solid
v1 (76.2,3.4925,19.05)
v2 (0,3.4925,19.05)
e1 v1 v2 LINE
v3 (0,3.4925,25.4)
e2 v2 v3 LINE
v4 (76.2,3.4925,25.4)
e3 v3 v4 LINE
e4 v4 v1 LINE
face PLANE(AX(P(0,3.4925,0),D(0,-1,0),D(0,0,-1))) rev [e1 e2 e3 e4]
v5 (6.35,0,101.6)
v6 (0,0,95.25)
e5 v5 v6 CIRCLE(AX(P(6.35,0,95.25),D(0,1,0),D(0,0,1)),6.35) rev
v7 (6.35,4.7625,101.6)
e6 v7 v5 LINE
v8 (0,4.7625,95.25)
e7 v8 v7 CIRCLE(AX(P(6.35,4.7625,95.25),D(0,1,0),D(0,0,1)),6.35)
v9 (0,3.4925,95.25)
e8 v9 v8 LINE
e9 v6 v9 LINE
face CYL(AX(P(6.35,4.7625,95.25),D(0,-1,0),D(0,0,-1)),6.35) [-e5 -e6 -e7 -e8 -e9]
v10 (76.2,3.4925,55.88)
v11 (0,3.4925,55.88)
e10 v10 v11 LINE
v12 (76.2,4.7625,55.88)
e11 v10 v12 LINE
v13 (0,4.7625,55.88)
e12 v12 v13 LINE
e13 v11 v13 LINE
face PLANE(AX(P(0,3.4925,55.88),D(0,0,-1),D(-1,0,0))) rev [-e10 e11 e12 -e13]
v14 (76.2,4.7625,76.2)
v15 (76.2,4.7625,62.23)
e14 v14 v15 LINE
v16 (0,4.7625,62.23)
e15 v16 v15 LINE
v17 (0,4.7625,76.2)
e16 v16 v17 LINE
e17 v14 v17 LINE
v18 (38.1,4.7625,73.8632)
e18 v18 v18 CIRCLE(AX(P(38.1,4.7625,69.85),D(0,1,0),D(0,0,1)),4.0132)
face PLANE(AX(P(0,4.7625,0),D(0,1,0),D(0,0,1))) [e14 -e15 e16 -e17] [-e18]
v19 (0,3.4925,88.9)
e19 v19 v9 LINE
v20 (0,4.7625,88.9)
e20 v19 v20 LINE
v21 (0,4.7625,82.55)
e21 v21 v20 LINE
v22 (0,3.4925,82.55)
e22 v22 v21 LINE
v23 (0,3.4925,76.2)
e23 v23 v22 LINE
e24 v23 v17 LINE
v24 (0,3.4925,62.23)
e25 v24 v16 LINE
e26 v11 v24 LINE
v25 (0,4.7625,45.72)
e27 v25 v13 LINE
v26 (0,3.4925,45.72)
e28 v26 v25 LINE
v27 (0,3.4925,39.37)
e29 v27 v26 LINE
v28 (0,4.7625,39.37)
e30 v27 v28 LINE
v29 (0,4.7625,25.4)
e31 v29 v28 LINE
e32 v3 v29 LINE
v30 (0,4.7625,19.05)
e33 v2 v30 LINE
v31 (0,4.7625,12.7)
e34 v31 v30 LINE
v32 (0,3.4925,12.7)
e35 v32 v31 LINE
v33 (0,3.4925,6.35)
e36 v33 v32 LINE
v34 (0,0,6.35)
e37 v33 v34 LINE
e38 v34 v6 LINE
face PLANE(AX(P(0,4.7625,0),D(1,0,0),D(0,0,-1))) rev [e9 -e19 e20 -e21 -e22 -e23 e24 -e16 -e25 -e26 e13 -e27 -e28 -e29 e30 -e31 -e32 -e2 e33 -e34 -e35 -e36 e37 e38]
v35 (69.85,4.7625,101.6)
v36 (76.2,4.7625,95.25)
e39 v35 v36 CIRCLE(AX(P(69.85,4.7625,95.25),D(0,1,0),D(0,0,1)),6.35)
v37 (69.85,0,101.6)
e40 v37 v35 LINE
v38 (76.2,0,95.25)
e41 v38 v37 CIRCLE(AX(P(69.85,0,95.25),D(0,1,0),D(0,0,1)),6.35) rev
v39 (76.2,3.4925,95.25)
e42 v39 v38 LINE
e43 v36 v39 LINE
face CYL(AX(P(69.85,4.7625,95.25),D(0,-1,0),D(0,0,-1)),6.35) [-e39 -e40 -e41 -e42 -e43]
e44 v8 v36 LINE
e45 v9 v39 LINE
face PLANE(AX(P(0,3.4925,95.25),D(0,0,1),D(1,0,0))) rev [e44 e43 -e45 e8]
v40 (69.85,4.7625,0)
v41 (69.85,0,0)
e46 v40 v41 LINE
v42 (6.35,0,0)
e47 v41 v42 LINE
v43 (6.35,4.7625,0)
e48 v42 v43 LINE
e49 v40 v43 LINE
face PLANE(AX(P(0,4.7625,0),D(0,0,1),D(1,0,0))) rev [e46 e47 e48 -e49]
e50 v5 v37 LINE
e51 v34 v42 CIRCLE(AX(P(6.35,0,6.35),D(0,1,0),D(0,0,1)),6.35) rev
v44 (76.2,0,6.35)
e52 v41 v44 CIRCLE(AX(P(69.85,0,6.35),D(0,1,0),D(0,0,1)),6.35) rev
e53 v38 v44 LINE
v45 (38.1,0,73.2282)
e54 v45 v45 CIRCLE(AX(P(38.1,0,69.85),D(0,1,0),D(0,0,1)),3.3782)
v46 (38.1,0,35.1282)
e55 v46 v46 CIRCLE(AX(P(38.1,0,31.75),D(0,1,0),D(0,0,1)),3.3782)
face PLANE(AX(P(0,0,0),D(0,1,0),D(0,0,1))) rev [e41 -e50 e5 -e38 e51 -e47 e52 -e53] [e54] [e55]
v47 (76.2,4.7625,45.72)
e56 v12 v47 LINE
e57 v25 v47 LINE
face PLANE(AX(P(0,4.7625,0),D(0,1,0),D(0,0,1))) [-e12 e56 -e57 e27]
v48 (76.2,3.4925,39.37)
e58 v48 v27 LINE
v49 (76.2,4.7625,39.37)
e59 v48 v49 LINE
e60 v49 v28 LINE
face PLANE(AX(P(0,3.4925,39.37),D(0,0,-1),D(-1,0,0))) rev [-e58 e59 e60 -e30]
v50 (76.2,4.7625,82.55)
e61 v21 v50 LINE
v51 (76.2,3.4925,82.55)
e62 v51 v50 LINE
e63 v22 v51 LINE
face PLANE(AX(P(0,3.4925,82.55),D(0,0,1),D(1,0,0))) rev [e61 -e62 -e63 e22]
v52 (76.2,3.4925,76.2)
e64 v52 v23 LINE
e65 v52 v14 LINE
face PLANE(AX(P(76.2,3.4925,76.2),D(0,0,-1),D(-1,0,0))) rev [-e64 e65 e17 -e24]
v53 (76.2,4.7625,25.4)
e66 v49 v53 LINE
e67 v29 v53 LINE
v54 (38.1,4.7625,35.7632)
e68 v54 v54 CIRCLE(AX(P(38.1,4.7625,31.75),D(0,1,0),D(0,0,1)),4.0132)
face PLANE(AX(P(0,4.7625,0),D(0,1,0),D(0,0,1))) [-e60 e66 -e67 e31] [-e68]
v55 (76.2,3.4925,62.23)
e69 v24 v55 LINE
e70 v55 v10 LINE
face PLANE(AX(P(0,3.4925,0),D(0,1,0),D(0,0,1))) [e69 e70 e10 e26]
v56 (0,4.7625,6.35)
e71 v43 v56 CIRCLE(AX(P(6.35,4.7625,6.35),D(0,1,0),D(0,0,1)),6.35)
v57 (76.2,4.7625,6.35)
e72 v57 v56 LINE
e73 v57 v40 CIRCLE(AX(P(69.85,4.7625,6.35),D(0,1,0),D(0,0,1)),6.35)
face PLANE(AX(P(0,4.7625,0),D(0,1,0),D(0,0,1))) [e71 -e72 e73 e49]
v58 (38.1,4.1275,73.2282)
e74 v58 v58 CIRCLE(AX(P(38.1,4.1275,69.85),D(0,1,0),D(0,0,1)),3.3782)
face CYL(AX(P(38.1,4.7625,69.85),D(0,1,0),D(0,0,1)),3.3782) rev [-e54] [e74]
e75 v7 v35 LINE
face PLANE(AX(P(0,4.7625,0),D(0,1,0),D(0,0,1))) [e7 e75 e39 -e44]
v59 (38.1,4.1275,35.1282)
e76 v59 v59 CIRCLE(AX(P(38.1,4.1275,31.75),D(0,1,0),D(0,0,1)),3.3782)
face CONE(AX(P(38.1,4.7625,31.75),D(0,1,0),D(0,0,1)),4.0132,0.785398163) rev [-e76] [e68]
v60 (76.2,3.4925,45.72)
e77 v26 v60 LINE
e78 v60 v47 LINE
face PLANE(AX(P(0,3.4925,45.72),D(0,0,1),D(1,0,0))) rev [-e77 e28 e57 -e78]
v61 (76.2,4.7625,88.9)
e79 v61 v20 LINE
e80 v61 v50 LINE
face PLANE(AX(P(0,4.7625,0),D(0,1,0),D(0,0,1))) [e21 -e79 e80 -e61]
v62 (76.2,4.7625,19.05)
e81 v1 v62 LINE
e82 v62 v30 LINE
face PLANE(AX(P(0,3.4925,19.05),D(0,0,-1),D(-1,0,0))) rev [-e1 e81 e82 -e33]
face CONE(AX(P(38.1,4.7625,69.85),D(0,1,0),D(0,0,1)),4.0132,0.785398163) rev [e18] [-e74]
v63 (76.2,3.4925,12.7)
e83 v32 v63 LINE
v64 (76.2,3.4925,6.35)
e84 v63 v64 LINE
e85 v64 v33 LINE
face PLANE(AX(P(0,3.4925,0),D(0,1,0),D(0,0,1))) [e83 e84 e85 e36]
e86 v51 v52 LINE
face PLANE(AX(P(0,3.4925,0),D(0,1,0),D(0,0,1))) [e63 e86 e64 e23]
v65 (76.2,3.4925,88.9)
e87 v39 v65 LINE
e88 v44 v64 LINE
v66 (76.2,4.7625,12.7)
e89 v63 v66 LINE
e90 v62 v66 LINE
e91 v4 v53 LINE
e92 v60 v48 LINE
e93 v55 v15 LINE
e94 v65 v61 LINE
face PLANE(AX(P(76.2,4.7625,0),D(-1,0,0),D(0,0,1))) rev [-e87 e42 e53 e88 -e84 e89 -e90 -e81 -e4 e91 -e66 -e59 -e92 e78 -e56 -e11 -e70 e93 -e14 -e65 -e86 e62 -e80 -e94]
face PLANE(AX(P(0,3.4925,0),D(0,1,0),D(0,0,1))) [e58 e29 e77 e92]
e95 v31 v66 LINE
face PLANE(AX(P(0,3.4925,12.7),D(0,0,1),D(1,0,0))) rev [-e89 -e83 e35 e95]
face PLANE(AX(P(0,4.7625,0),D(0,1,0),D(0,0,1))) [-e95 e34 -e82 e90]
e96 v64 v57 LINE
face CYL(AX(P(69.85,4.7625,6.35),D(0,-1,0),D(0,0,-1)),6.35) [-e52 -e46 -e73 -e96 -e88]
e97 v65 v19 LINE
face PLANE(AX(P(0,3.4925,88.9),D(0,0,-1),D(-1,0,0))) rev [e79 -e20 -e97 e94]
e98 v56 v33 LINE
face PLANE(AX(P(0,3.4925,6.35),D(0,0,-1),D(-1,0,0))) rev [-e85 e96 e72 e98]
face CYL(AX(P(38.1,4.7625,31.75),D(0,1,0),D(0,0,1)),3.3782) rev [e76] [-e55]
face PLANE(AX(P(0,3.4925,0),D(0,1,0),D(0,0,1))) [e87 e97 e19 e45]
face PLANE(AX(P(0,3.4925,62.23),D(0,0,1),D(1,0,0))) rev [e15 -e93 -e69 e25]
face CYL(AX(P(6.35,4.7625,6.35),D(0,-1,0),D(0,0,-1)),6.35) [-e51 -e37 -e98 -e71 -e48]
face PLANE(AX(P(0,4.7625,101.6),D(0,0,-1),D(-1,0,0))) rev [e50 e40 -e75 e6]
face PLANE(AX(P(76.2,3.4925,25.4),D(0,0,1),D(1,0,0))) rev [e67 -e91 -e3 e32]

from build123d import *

# Parameters (mm, degrees)
SKETCH1_W                         = 76.2
SKETCH1_H                         = 101.6
BOSS_EXTRUDE1_DEPTH               = 4.7625
F_1_4_CLEARANCE_HOLE1_D           = 6.7564
F_1_4_CLEARANCE_HOLE1_CSINK_D     = 8.0264
F_1_4_CLEARANCE_HOLE1_CSINK_ANGLE = 90
FILLET1_R                         = 6.35
SKETCH7_W                         = 76.2
SKETCH7_H                         = 6.35
CUT_EXTRUDE1_DEPTH                = 1.27


with BuildPart() as part:
    # Sketch1 → Boss-Extrude1 (new body)
    with BuildSketch(Plane(origin=(0, 0, 0), x_dir=(1, 0, 0), z_dir=(0, 1, 0))):
        with Locations((38.1, -50.8)):
            Rectangle(SKETCH1_W, SKETCH1_H)
    extrude(amount=BOSS_EXTRUDE1_DEPTH)

    # 1/4 Clearance Hole1 (through all)
    with Locations(Plane(origin=(0, 4.7625, 0), x_dir=(1, 0, 0), z_dir=(0, 1, 0))):
        with Locations((38.1, -69.85), (38.1, -31.75)):
            CounterSinkHole(F_1_4_CLEARANCE_HOLE1_D / 2, F_1_4_CLEARANCE_HOLE1_CSINK_D / 2, counter_sink_angle=F_1_4_CLEARANCE_HOLE1_CSINK_ANGLE)

    # Fillet1
    fillet1_edges = [part.edges().sort_by_distance(p)[0] for p in [
        (0, 2.38125, 0),
        (76.2, 2.38125, 0),
        (76.2, 2.38125, 101.6),
        (0, 2.38125, 101.6),
    ]]
    fillet(fillet1_edges, radius=FILLET1_R)

    # Sketch7 → Cut-Extrude1 (cut)
    with BuildSketch(Plane(origin=(0, 4.7625, 0), x_dir=(1, 0, 0), z_dir=(0, 1, 0))):
        with Locations((38.1, -9.525)):
            Rectangle(SKETCH7_W, SKETCH7_H)
        with Locations((38.1, -42.545)):
            Rectangle(SKETCH7_W, SKETCH7_H)
        with Locations((38.1, -59.055)):
            Rectangle(SKETCH7_W, SKETCH7_H)
        with Locations((38.1, -92.075)):
            Rectangle(SKETCH7_W, SKETCH7_H)
        with Locations((38.1, -79.375)):
            Rectangle(SKETCH7_W, SKETCH7_H)
        with Locations((38.1, -22.225)):
            Rectangle(SKETCH7_W, SKETCH7_H)
    extrude(amount=-CUT_EXTRUDE1_DEPTH, mode=Mode.SUBTRACT)


solid = part.part
